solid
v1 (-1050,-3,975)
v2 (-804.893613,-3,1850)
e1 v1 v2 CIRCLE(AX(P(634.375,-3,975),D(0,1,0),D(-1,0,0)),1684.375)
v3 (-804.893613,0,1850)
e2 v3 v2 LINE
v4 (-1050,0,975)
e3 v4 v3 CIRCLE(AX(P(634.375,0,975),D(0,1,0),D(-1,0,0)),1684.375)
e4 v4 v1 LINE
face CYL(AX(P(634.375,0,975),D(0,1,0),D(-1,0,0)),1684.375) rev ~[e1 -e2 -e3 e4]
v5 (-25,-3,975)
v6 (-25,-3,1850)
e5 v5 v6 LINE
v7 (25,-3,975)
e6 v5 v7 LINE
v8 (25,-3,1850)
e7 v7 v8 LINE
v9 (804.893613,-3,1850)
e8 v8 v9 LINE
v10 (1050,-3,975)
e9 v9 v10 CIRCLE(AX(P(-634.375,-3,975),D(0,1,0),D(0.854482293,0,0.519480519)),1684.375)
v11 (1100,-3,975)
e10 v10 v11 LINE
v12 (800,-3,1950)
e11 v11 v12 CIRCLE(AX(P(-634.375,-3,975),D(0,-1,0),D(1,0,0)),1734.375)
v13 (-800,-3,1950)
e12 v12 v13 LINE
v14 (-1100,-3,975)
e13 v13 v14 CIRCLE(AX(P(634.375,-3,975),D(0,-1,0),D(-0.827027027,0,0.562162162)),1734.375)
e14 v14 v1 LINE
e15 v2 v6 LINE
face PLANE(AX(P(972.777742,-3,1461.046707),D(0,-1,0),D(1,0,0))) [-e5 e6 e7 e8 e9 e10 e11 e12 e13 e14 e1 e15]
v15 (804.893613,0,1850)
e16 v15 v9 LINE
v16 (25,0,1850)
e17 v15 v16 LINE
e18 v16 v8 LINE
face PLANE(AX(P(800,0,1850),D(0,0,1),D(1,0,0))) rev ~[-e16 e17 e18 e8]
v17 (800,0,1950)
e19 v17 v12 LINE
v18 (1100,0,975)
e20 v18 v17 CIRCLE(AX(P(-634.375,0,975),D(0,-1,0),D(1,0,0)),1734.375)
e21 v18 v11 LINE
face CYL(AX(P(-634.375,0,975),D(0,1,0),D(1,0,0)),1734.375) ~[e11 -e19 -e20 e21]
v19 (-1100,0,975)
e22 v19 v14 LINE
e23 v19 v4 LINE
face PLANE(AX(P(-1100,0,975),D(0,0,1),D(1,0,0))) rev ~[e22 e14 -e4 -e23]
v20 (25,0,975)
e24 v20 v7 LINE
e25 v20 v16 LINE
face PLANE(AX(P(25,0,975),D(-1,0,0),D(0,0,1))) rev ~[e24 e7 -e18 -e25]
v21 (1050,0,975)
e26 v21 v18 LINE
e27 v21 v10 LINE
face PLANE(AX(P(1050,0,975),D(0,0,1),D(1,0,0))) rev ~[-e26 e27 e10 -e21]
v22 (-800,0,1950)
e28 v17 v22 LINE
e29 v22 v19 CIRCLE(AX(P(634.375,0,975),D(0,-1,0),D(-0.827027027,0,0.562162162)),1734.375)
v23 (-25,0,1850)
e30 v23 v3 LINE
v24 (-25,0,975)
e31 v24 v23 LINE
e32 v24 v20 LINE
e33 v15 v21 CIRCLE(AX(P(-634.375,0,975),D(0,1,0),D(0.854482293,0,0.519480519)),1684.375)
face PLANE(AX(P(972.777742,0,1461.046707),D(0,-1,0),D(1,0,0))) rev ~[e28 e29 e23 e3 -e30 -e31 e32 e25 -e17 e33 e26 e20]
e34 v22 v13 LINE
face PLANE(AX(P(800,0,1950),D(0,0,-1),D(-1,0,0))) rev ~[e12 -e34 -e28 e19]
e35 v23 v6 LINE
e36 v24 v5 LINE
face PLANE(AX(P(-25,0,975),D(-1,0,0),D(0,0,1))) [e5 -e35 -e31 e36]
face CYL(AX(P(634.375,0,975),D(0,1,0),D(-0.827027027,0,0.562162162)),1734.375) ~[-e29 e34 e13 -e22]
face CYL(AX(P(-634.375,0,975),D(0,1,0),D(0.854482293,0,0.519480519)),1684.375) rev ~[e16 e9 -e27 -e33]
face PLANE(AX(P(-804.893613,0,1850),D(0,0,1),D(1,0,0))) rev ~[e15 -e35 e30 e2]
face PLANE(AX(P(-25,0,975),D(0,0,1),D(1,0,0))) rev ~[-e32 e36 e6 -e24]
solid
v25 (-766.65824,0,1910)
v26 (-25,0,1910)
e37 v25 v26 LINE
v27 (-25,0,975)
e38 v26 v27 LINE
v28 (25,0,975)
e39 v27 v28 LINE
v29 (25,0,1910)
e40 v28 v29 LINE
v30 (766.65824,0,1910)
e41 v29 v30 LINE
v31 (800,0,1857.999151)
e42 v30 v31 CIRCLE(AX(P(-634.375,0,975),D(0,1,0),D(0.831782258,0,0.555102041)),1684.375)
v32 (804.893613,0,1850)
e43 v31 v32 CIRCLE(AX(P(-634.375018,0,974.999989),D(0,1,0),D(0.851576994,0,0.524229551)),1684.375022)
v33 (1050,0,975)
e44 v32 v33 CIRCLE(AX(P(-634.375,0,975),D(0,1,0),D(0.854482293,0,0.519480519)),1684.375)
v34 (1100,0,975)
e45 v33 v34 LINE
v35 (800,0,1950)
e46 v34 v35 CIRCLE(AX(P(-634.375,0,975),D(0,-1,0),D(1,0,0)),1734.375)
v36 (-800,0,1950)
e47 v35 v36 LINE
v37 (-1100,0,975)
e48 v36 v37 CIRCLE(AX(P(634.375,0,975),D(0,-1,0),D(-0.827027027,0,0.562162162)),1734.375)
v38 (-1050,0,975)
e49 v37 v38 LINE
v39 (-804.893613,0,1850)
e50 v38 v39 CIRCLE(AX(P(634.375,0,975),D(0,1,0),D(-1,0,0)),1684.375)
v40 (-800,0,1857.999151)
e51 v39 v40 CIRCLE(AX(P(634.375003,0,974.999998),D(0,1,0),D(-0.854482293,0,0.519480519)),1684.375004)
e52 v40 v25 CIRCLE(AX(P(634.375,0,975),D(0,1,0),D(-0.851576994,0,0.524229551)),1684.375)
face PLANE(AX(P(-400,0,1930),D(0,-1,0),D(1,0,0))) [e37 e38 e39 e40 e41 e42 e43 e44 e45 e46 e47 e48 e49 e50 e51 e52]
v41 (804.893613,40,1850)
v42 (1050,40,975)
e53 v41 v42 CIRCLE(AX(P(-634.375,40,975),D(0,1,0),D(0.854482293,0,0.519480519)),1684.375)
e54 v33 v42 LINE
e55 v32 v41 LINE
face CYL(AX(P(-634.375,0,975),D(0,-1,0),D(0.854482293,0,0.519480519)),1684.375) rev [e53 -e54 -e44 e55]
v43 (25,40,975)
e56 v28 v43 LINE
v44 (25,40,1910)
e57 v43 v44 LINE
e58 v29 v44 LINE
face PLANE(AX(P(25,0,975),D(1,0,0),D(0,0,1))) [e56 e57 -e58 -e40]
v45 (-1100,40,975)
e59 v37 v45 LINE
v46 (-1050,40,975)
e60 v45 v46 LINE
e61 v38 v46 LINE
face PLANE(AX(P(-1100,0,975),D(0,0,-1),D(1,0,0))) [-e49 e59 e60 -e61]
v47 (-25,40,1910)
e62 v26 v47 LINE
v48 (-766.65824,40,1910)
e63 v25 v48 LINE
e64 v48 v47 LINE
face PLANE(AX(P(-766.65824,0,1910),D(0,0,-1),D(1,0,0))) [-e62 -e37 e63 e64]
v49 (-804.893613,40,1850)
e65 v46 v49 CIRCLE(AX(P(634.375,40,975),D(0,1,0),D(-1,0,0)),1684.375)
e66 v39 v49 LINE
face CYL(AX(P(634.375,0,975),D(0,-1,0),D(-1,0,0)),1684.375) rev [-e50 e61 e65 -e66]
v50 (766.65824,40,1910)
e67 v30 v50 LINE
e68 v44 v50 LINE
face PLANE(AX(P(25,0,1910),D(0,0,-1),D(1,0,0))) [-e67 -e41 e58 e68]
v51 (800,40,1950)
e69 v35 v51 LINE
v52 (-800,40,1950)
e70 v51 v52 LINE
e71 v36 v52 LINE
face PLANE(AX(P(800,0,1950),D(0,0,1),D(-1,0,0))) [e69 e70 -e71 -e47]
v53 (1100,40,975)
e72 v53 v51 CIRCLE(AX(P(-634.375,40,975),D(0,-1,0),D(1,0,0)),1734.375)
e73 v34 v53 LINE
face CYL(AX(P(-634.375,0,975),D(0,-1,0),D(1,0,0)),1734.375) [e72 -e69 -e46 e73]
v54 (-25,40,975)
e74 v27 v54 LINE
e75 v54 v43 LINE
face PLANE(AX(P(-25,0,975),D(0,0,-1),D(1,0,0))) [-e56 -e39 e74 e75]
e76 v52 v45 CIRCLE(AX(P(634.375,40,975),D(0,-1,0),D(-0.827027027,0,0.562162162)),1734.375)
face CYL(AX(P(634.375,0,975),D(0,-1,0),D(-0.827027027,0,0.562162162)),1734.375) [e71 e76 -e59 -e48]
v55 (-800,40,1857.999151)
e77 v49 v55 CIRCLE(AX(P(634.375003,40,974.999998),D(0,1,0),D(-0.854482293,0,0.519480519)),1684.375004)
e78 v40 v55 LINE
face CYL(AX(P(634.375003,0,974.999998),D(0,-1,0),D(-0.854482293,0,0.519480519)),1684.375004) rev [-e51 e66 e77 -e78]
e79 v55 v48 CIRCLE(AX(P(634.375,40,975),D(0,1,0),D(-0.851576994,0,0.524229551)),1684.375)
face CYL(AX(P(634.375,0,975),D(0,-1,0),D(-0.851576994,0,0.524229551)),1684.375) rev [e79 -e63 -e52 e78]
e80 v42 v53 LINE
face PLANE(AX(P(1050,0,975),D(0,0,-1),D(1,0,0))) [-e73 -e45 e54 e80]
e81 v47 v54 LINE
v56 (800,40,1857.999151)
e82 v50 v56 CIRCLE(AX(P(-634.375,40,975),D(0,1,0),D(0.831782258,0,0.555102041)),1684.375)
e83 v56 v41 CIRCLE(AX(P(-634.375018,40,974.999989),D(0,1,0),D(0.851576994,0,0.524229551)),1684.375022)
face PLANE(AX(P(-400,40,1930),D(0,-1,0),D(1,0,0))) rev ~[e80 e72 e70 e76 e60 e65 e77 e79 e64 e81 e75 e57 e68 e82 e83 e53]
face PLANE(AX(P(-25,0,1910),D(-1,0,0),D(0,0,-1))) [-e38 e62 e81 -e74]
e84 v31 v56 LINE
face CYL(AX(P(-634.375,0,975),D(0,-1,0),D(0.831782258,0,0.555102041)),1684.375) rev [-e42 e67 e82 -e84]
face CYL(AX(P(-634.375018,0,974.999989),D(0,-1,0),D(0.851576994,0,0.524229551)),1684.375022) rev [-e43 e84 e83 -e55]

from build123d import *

# Parameters (mm, degrees)
F0_W     = 25
F0_H     = 60
F1_DEPTH = 3
F2_DEPTH = 3
F0_H_2   = 875
F3_DEPTH = 3
F4_DEPTH = 3
F5_DEPTH = 40


with BuildPart() as f1:
    # F0 (on Front) → F1 (new body)
    with BuildSketch(Plane.XZ):
        with BuildLine():
            Line((-766.6582403712, 1910), (-800, 1910))
            Line((-800, 1910), (-800, 1857.9991506224))
            ThreePointArc((-800, 1857.9991506224), (-783.5675215696, 1884.152432846), (-766.6582403712, 1910))
        make_face()
        Polygon((0, 1950), (-800, 1950), (-800, 1910), (-766.6582403712, 1910), (-25, 1910), (0, 1910), align=None)
        Polygon((800, 1950), (0, 1950), (0, 1910), (25, 1910), (766.6582403712, 1910), (800, 1910), align=None)
        with BuildLine():
            Line((800, 1857.9991506224), (800, 1910))
            Line((800, 1910), (766.6582403712, 1910))
            ThreePointArc((766.6582403712, 1910), (783.5675215696, 1884.152432846), (800, 1857.9991506225))
        make_face()
        with Locations((-12.5, 1880)):
            Rectangle(F0_W, F0_H)
        with Locations((12.5, 1880)):
            Rectangle(F0_W, F0_H)
        with BuildLine():
            ThreePointArc((-766.6582403712, 1910), (-783.5675215696, 1884.152432846), (-800, 1857.9991506224))
            Line((-800, 1857.9991506224), (-800, 1850))
            Line((-800, 1850), (-25, 1850))
            Line((-25, 1850), (-25, 1910))
            Line((-25, 1910), (-766.6582403712, 1910))
        make_face()
        with BuildLine():
            Line((766.6582403712, 1910), (25, 1910))
            Line((25, 1910), (25, 1850))
            Line((25, 1850), (800, 1850))
            Line((800, 1850), (800, 1857.9991506224))
            ThreePointArc((800, 1857.9991506225), (783.5675215696, 1884.152432846), (766.6582403712, 1910))
        make_face()
    extrude(amount=F1_DEPTH)

    # F0 (on Front) → F2 (join)
    with BuildSketch(Plane.XZ):
        with BuildLine():
            Line((-800, 1910), (-800, 1950))
            ThreePointArc((-800, 1950), (-1023.3042182521, 1485.0551440776), (-1100, 975))
            Line((-1100, 975), (-1050, 975))
            ThreePointArc((-1050, 975), (-987.5663076307, 1429.340769936), (-804.8936130896, 1850))
            ThreePointArc((-804.8936130896, 1850), (-802.452373196, 1854.0029808024), (-800, 1857.9991506224))
            Line((-800, 1857.9991506224), (-800, 1910))
        make_face()
        with BuildLine():
            Line((-800, 1850), (-800, 1857.9991506224))
            ThreePointArc((-800, 1857.9991506224), (-802.452373196, 1854.0029808024), (-804.8936130896, 1850))
            Line((-804.8936130896, 1850), (-800, 1850))
        make_face()
    extrude(amount=F2_DEPTH)

    # F0 (on Front) → F3 (join)
    with BuildSketch(Plane.XZ):
        with Locations((-12.5, 1412.5)):
            Rectangle(F0_W, F0_H_2)
        with Locations((12.5, 1412.5)):
            Rectangle(F0_W, F0_H_2)
    extrude(amount=F3_DEPTH)

    # F0 (on Front) → F4 (join)
    with BuildSketch(Plane.XZ):
        with BuildLine():
            ThreePointArc((1100, 975), (1023.3042182521, 1485.0551440776), (800, 1950))
            Line((800, 1950), (800, 1910))
            Line((800, 1910), (800, 1857.9991506224))
            ThreePointArc((800, 1857.9991506225), (802.452373196, 1854.0029808024), (804.8936130897, 1850))
            ThreePointArc((804.8936130897, 1850), (987.5663076308, 1429.340769936), (1050, 975))
            Line((1050, 975), (1100, 975))
        make_face()
        with BuildLine():
            ThreePointArc((804.8936130897, 1850), (802.452373196, 1854.0029808024), (800, 1857.9991506225))
            Line((800, 1857.9991506224), (800, 1850))
            Line((800, 1850), (804.8936130896, 1850))
        make_face()
    extrude(amount=F4_DEPTH)


with BuildPart() as f5:
    # F0 (on Front) → F5 (new body)
    with BuildSketch(Plane.XZ):
        Polygon((0, 1950), (-800, 1950), (-800, 1910), (-766.6582403712, 1910), (-25, 1910), (0, 1910), align=None)
        with Locations((12.5, 1880)):
            Rectangle(F0_W, F0_H)
        with Locations((-12.5, 1880)):
            Rectangle(F0_W, F0_H)
        with Locations((-12.5, 1412.5)):
            Rectangle(F0_W, F0_H_2)
        with Locations((12.5, 1412.5)):
            Rectangle(F0_W, F0_H_2)
        with BuildLine():
            ThreePointArc((1100, 975), (1023.3042182521, 1485.0551440776), (800, 1950))
            Line((800, 1950), (800, 1910))
            Line((800, 1910), (800, 1857.9991506224))
            ThreePointArc((800, 1857.9991506225), (802.452373196, 1854.0029808024), (804.8936130897, 1850))
            ThreePointArc((804.8936130897, 1850), (987.5663076308, 1429.340769936), (1050, 975))
            Line((1050, 975), (1100, 975))
        make_face()
        with BuildLine():
            Line((-800, 1910), (-800, 1950))
            ThreePointArc((-800, 1950), (-1023.3042182521, 1485.0551440776), (-1100, 975))
            Line((-1100, 975), (-1050, 975))
            ThreePointArc((-1050, 975), (-987.5663076307, 1429.340769936), (-804.8936130896, 1850))
            ThreePointArc((-804.8936130896, 1850), (-802.452373196, 1854.0029808024), (-800, 1857.9991506224))
            Line((-800, 1857.9991506224), (-800, 1910))
        make_face()
        Polygon((800, 1950), (0, 1950), (0, 1910), (25, 1910), (766.6582403712, 1910), (800, 1910), align=None)
        with BuildLine():
            Line((800, 1857.9991506224), (800, 1910))
            Line((800, 1910), (766.6582403712, 1910))
            ThreePointArc((766.6582403712, 1910), (783.5675215696, 1884.152432846), (800, 1857.9991506225))
        make_face()
        with BuildLine():
            Line((-766.6582403712, 1910), (-800, 1910))
            Line((-800, 1910), (-800, 1857.9991506224))
            ThreePointArc((-800, 1857.9991506224), (-783.5675215696, 1884.152432846), (-766.6582403712, 1910))
        make_face()
    extrude(amount=-F5_DEPTH)


solid = Compound([f1.part, f5.part])
